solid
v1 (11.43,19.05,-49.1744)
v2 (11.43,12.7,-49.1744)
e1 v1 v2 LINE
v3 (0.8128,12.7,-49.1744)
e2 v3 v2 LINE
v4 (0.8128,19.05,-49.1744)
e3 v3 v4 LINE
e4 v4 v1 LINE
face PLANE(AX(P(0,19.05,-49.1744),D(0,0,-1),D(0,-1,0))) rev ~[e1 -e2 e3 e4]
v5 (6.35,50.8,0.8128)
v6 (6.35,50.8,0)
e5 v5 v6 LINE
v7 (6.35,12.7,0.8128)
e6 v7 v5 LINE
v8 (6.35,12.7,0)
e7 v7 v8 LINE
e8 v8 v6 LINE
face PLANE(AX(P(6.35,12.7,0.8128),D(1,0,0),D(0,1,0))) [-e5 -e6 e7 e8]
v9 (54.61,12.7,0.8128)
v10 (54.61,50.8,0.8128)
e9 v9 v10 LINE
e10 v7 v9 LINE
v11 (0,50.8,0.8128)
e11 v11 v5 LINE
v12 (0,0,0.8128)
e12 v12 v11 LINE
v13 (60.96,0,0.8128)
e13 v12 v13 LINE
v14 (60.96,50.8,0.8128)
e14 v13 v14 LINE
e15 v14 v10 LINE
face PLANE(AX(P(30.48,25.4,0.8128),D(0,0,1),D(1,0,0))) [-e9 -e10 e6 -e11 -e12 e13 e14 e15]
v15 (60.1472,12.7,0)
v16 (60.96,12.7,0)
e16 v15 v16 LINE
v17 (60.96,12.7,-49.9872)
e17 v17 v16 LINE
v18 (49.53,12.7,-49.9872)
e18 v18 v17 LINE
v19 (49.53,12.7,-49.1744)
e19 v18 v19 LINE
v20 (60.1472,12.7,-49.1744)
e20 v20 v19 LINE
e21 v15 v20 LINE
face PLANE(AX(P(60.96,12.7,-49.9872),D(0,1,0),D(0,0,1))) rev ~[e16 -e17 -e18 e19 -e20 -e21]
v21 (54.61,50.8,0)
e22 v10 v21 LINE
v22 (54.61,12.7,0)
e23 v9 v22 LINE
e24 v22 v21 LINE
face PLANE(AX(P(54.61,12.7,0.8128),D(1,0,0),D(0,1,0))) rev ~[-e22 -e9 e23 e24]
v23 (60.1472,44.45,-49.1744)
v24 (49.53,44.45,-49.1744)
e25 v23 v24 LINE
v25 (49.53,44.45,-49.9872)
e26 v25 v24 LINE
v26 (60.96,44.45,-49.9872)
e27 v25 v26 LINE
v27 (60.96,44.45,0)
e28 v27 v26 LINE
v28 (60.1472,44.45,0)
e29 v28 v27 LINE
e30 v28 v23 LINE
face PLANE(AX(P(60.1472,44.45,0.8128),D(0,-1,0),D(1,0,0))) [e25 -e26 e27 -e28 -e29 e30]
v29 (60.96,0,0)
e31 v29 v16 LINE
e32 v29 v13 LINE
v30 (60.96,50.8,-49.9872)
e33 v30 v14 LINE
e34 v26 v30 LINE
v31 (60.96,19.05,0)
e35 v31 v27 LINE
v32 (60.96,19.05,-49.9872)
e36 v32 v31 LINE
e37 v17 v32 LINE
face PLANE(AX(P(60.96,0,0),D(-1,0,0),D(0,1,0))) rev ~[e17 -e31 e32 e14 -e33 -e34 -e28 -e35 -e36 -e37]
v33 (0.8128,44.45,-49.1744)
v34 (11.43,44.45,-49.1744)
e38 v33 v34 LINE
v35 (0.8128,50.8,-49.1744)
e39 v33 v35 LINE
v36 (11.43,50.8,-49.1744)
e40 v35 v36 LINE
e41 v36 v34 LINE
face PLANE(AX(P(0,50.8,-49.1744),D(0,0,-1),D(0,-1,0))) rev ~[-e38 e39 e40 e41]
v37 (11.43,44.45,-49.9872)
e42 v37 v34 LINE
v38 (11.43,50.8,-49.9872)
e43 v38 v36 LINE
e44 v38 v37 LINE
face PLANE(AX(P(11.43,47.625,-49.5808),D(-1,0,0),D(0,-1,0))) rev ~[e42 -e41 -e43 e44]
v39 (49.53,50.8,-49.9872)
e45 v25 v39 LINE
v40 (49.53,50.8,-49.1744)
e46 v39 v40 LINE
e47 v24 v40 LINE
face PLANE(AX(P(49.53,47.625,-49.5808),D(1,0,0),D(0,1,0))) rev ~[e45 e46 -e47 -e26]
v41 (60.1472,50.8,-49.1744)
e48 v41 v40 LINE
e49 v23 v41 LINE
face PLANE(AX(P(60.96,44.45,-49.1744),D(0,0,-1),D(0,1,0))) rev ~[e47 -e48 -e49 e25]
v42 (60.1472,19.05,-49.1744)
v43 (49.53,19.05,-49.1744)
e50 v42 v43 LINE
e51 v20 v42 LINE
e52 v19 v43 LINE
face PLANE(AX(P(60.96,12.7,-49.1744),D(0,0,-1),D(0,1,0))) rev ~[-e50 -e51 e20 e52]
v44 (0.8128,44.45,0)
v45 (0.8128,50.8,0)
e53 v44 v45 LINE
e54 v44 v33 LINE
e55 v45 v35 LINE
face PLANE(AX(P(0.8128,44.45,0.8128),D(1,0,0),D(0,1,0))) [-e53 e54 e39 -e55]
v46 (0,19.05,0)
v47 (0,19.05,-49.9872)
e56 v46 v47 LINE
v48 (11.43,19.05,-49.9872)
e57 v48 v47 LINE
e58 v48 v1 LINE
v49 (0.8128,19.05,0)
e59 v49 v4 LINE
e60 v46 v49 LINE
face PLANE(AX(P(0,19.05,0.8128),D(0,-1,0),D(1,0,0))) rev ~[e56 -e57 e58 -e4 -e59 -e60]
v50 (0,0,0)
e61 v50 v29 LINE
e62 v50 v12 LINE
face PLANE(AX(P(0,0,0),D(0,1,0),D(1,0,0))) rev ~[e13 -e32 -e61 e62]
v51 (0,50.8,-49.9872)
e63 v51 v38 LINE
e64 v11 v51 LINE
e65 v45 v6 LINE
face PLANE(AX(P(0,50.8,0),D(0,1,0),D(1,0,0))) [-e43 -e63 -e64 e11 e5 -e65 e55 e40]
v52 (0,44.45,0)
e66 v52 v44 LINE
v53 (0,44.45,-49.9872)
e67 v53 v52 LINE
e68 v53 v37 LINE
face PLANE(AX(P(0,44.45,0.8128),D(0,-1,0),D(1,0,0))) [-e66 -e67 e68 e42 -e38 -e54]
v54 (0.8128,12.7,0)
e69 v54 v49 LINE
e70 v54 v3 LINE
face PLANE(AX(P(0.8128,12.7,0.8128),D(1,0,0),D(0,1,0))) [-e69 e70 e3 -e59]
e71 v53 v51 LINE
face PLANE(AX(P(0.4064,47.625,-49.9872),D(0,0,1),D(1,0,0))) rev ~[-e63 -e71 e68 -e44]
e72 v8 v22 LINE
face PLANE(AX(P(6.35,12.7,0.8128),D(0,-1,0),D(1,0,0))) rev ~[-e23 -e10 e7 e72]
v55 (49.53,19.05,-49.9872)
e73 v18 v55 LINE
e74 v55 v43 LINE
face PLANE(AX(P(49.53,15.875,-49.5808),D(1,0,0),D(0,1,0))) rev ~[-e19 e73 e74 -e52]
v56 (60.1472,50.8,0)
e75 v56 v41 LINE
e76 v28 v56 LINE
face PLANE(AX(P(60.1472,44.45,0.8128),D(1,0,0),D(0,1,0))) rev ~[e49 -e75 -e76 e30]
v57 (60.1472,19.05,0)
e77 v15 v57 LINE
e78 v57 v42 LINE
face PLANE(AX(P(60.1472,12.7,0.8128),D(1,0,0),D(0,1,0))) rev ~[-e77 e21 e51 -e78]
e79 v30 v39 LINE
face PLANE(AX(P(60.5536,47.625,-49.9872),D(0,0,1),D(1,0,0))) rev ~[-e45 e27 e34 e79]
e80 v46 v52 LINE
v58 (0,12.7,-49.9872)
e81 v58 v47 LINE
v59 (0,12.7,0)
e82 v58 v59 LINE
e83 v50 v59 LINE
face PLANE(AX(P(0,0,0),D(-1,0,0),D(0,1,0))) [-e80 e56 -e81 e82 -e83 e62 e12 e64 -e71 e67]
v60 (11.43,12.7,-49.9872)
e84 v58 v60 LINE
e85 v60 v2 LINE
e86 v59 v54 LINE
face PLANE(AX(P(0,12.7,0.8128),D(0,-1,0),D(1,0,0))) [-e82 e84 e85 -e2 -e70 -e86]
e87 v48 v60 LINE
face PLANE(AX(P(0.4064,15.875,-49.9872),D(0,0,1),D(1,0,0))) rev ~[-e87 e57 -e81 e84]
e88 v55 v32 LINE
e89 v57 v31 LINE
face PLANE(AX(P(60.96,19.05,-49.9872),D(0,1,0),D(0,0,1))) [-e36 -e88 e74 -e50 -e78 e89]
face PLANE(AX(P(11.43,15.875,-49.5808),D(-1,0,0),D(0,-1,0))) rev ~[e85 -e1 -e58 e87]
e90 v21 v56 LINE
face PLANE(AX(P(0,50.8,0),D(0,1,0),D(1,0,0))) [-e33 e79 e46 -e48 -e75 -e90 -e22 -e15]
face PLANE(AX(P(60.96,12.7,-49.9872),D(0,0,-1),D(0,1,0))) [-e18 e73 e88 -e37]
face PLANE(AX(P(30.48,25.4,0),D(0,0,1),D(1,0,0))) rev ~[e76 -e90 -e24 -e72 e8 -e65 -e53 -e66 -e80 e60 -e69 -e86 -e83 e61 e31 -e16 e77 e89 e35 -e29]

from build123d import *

# Parameters (mm, degrees)
F0_W     = 60.96
F0_H     = 50.8
F1_DEPTH = 0.8128
F2_W     = 48.26
F2_H     = 38.1
F3_DEPTH = 25.4
F4_W     = 0.8128
F4_H     = 6.35
F5_DEPTH = 50.8
F6_W     = 6.35
F6_H     = 0.8128
F7_DEPTH = 11.43
F8_W     = 6.35
F8_H     = 0.8128
F9_DEPTH = 11.43


with BuildPart() as f1:
    # F0 (on Top) → F1 (new body)
    with BuildSketch(Plane.XY):
        with Locations((30.48, 25.4)):
            Rectangle(F0_W, F0_H)
    extrude(amount=F1_DEPTH)

    # F2 (on face) → F3 (cut)
    with BuildSketch(Plane.XY.offset(0.8128)):
        with Locations((30.48, 31.75)):
            Rectangle(F2_W, F2_H)
    extrude(amount=-F3_DEPTH, mode=Mode.SUBTRACT)

    # F4 (on face) → F5 (join)
    with BuildSketch(Plane.XY.offset(0.8128)):
        with Locations((0.4064, 47.625)):
            Rectangle(F4_W, F4_H)
        with Locations((60.5536, 47.625)):
            Rectangle(F4_W, F4_H)
        with Locations((0.4064, 15.875)):
            Rectangle(F4_W, F4_H)
        with Locations((60.5536, 15.875)):
            Rectangle(F4_W, F4_H)
    extrude(amount=-F5_DEPTH)

    # F6 (on face) → F7 (join)
    with BuildSketch(Plane.YZ.offset(60.96)):
        with Locations((15.875, -49.5808)):
            Rectangle(F6_W, F6_H)
        with Locations((47.625, -49.5808)):
            Rectangle(F6_W, F6_H)
    extrude(amount=-F7_DEPTH)

    # F8 (on face) → F9 (join)
    with BuildSketch(Plane(origin=(0, 0, 0), x_dir=(0, -1, 0), z_dir=(-1, 0, 0))):
        with Locations((-47.625, -49.5808)):
            Rectangle(F8_W, F8_H)
        with Locations((-15.875, -49.5808)):
            Rectangle(F8_W, F8_H)
    extrude(amount=-F9_DEPTH)


solid = f1.part
